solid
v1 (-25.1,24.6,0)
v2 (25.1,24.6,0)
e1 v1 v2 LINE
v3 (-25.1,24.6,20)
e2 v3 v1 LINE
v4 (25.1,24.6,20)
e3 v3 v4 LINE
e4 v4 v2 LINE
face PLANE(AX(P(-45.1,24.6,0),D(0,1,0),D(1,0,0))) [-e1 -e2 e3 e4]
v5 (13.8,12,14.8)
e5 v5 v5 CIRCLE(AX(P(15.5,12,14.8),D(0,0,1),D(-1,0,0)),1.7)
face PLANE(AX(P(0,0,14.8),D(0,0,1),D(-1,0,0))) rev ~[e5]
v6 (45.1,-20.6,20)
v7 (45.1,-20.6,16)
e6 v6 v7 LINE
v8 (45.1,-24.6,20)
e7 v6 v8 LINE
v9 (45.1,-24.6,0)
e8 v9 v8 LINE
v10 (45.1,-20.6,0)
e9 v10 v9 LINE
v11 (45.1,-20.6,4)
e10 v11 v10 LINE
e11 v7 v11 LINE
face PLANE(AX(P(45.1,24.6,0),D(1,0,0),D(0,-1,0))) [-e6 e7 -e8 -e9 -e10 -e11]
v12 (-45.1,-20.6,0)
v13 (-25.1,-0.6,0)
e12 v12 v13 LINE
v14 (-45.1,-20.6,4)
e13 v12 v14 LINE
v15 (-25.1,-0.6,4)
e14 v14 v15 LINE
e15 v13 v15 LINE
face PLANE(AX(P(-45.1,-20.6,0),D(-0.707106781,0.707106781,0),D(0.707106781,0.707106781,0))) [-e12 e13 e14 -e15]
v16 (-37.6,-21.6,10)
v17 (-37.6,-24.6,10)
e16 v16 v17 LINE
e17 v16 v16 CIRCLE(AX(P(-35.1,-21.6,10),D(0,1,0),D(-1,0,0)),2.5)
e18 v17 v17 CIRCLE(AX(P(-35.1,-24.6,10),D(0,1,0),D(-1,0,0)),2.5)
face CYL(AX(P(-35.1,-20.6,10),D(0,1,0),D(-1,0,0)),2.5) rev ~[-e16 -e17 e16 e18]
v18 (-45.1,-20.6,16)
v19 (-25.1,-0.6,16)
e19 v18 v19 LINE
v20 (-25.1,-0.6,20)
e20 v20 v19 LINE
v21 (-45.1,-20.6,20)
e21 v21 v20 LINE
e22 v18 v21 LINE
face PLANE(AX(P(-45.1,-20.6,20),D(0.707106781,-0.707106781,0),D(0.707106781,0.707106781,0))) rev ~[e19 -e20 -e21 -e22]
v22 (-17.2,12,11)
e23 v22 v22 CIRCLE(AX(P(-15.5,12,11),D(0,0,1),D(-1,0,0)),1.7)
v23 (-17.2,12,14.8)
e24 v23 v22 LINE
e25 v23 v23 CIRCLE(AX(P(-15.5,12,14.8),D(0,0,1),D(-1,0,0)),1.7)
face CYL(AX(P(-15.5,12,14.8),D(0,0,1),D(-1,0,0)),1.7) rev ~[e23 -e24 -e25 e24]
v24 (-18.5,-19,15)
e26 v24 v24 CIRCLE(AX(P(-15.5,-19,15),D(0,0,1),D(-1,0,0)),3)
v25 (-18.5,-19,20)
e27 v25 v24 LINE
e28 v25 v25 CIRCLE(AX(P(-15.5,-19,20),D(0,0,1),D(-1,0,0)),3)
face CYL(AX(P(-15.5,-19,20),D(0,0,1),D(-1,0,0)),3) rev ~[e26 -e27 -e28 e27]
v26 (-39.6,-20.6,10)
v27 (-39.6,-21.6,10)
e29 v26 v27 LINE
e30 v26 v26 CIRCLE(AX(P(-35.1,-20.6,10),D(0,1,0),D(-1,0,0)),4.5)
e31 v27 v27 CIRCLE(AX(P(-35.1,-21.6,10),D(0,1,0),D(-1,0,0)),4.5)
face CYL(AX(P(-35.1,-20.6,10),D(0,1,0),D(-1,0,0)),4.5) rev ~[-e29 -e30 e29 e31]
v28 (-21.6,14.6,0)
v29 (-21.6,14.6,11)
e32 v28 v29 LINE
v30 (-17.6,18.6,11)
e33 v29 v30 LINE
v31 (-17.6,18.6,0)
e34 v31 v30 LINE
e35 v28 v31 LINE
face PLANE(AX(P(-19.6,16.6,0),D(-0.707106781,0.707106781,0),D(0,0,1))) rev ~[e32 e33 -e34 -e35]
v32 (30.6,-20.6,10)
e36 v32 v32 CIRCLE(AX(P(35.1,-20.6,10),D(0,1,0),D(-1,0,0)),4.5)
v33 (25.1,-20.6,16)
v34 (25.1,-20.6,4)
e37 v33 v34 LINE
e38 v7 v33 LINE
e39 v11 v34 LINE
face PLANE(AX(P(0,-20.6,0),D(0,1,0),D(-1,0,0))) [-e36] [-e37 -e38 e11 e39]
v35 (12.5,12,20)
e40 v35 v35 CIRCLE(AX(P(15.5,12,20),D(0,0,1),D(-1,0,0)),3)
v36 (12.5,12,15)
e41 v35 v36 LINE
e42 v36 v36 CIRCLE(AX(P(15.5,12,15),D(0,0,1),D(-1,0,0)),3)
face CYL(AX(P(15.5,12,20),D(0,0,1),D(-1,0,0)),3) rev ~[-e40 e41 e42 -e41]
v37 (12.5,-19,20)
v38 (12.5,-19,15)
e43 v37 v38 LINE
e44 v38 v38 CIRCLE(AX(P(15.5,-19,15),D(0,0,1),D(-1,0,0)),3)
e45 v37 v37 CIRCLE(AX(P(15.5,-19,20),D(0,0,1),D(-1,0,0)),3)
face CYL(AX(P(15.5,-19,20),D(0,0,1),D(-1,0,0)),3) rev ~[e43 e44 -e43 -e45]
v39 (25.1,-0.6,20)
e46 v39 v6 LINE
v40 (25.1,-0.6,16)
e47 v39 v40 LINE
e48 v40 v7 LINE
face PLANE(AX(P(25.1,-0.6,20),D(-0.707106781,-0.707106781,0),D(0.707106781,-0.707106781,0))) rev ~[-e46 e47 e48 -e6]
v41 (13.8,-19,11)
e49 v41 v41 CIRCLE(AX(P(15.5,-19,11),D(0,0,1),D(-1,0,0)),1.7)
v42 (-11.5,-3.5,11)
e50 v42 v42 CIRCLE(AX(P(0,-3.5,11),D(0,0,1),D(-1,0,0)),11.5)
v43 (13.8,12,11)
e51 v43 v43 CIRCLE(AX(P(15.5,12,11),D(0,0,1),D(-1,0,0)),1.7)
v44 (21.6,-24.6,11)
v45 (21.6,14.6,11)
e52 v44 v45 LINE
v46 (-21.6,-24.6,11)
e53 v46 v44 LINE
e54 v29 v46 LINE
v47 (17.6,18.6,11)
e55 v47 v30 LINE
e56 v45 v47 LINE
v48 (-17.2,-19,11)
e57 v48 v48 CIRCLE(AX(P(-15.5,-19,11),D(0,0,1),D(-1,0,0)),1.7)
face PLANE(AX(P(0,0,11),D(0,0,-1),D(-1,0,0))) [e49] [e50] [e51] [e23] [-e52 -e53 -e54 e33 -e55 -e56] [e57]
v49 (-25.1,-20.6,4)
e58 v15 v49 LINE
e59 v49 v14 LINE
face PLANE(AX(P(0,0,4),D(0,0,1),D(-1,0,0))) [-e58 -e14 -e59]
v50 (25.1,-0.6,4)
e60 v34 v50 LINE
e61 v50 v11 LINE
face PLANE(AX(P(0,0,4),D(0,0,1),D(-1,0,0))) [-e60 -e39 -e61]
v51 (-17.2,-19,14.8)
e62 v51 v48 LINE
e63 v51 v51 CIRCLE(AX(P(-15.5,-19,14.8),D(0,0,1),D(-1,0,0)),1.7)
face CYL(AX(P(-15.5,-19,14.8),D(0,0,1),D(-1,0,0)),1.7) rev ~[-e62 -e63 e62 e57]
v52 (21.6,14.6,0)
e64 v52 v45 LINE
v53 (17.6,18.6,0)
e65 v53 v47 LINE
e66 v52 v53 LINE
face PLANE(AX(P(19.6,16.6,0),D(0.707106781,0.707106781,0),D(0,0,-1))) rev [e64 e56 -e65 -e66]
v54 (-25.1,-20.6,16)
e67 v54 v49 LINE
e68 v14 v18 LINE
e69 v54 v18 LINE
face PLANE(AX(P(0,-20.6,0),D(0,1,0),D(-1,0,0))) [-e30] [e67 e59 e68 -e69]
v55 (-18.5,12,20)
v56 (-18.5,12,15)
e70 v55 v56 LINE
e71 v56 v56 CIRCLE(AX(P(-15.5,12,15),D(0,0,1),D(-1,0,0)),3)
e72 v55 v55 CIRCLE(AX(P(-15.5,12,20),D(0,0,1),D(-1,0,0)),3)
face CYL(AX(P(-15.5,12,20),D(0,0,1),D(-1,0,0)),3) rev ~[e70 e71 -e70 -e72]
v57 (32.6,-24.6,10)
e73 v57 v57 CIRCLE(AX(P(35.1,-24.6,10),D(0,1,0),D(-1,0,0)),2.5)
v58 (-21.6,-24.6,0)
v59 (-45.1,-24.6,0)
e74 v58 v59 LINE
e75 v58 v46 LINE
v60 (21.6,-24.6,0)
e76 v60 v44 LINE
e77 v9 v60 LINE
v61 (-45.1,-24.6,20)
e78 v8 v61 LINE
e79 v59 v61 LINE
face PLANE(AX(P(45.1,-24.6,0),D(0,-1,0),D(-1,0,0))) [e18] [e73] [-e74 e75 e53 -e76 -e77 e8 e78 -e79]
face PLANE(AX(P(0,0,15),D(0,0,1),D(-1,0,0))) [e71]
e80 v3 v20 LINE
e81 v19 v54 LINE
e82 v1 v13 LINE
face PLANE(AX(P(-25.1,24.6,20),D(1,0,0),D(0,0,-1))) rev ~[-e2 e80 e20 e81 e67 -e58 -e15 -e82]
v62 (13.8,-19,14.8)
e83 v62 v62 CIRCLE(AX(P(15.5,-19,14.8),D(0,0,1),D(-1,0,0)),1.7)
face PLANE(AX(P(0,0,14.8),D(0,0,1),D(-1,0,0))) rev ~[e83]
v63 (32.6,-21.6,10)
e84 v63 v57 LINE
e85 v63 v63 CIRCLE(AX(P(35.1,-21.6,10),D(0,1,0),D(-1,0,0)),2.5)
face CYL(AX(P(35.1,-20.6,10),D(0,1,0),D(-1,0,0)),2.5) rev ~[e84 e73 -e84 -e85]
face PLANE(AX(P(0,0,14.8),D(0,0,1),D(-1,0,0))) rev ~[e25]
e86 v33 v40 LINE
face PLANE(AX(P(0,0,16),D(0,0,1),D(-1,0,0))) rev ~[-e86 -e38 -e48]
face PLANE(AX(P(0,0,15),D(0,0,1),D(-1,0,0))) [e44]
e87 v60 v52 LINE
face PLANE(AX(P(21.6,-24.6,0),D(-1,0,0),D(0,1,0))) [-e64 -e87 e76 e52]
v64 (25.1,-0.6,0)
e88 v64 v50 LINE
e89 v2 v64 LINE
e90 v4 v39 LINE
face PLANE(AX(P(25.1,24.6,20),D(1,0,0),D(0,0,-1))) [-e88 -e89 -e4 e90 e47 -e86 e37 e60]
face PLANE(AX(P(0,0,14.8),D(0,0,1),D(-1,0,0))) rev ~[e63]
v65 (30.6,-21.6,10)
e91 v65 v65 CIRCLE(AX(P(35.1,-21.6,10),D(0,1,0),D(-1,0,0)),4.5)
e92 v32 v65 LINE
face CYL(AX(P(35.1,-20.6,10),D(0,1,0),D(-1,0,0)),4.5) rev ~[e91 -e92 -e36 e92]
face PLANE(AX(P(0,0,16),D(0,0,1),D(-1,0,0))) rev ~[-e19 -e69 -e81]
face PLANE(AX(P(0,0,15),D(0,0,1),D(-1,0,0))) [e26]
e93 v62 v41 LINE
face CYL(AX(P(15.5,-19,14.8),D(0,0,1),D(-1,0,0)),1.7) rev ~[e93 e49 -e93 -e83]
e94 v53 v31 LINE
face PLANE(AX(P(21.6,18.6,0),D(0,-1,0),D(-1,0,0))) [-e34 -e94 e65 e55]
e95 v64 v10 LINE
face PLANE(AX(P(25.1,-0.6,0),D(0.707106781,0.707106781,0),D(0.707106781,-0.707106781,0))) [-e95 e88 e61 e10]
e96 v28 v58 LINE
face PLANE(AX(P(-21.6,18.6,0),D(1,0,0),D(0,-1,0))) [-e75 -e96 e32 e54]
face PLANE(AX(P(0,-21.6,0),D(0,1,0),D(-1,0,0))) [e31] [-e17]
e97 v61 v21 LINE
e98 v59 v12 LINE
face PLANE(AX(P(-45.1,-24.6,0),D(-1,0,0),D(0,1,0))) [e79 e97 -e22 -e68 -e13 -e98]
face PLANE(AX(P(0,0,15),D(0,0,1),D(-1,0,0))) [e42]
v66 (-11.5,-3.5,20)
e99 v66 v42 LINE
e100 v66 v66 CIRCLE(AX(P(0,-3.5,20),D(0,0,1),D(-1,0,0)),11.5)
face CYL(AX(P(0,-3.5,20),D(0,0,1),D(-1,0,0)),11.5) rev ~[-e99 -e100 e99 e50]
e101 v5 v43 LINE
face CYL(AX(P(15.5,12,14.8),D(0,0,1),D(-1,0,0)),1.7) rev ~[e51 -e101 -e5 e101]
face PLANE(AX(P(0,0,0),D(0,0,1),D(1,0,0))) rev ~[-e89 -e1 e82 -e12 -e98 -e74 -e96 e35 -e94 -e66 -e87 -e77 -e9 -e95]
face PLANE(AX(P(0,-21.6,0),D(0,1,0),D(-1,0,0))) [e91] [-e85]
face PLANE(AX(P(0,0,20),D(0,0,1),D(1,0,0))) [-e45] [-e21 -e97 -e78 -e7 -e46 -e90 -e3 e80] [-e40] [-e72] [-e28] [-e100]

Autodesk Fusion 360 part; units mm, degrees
sketch "Sketch1" plane through (0, 0, 0) normal (0, 0, 1) x (1, 0, 0)
  line L0 (45.1, -24.6) -> (-45.1, -24.6)
  line L1 (-45.1, -24.6) -> (-45.1, 24.6)
  line L2 (-45.1, 24.6) -> (45.1, 24.6)
  line L3 (45.1, 24.6) -> (45.1, -24.6)
  line L4 (45.1, -24.6) -> (-45.1, 24.6) construction
  line L5 (-45.1, -24.6) -> (45.1, 24.6) construction
  dimension "d1" = 90.2
  dimension "d2" = 49.2
extrude "Extrude1" add sketch "Sketch1" along normal blind 20
sketch "Sketch2" plane through (0, 0, 0) normal (0, 0, -1) x (-1, 0, 0)
  line L0 (40.1, -22.1) -> (40.1, 22.1)
  line L1 (40.1, 22.1) -> (-40.1, 22.1)
  line L2 (-40.1, 22.1) -> (-40.1, -22.1)
  line L3 (21.6, -24.6) -> (-21.6, -24.6)
  line L4 (-21.6, -24.6) -> (-21.6, 18.6)
  line L5 (-21.6, 18.6) -> (21.6, 18.6)
  line L6 (21.6, 18.6) -> (21.6, -24.6)
  line L7 (45.1, 24.6) -> (-45.1, 24.6)
  line L8 (-45.1, 24.6) -> (-45.1, -24.6)
  line L9 (-45.1, -24.6) -> (45.1, -24.6)
  line L10 (45.1, -24.6) -> (45.1, 24.6)
  dimension "d5" = 43.2
  dimension "d6" = 43.2
  dimension "d73" = 21.6
extrude "Extrude2" cut sketch "Sketch2" against normal blind 11 contours L3 L4 L5 L6 L9
sketch "Sketch3" plane through (0, 24.6, 0) normal (0, 1, 0) x (-1, 0, 0)
  line L0 (-45.1, 0) -> (45.1, 0)
  line L1 (45.1, 0) -> (45.1, 20)
  line L2 (45.1, 20) -> (-45.1, 20)
  line L3 (-45.1, 20) -> (-45.1, 0)
  line L4 (-45.1, 20) -> (-25.1, 20)
  line L5 (-25.1, 20) -> (-25.1, 0)
  line L6 (-25.1, 0) -> (-45.1, 0)
  line L7 (-45.1, 0) -> (-45.1, 20)
  line L8 (45.1, 20) -> (25.1, 20)
  line L9 (25.1, 20) -> (25.1, 0)
  line L10 (25.1, 0) -> (45.1, 0)
  line L11 (45.1, 0) -> (45.1, 20)
  dimension "d9" = 20
  dimension "d10" = 20
extrude "Extrude3" cut sketch "Sketch3" against normal blind 45.2 contours L0 L2 L3 L4 L5 L6 L7 | L0 L1 L2 L8 L9 L10 L11
sketch "Sketch4" plane through (0, 0, 20) normal (0, 0, 1) x (-1, 0, 0)
  line L0 (25.1, -24.6) -> (25.1, 20.6)
  line L1 (25.1, 20.6) -> (45.1, 20.6)
  line L2 (45.1, 20.6) -> (45.1, 24.6)
  line L3 (45.1, 24.6) -> (-45.1, 24.6)
  line L4 (-45.1, 24.6) -> (-45.1, 20.6)
  line L5 (-45.1, 20.6) -> (-25.1, 20.6)
  line L6 (-25.1, 20.6) -> (-25.1, -24.6)
  line L7 (-25.1, -24.6) -> (25.1, -24.6)
  line L8 (25.1, 19) -> (-25.1, 19) construction
  line L9 (25.1, -12) -> (-25.1, -12) construction
  line L10 (15.5, -24.6) -> (15.5, 19) construction
  line L11 (-15.5, -24.6) -> (-15.5, 19) construction
  line L12 (15.5, -12) -> (15.5, -15) construction
  line L13 (15.5, -12) -> (15.5, -15) construction
  line L14 (0, -24.6) -> (0, 24.6) construction
  line L15 (-25.1, 3.5) -> (25.1, 3.5) construction
  circle A0 centre (15.5, -12) radius 1.7
  circle A1 centre (15.5, -12) radius 3
  circle A2 centre (-15.5, -12) radius 1.7
  circle A3 centre (-15.5, -12) radius 3
  circle A4 centre (-15.5, 19) radius 3
  circle A5 centre (-15.5, 19) radius 1.7
  circle A6 centre (15.5, 19) radius 3
  circle A7 centre (15.5, 19) radius 1.7
  dimension "d59" = 9.6
  dimension "d60" = 9.6
  dimension "d68" = 3.4
  dimension "d69" = 6
  dimension "d70" = 31
  dimension "d71" = 15.5
extrude "Extrude5" cut sketch "Sketch4" against normal blind 5 contours A0 | A1 | A2 | A3 | A4 | A5 | A6 | A7
extrude "Extrude4" cut sketch "Sketch4" against normal blind 9 from surface at -5.2 contours A0 | A2 | A5 | A7
sketch "Sketch5" plane through (0, -20.6, 0) normal (0, 1, 0) x (-1, 0, 0)
  line L0 (-45.1, 20) -> (-45.1, 0)
  line L1 (-45.1, 0) -> (-25.1, 0)
  line L2 (-25.1, 0) -> (-25.1, 20)
  line L3 (-25.1, 20) -> (-45.1, 0) construction
  line L4 (-45.1, 20) -> (-25.1, 0) construction
  circle A0 centre (-35.1, 10) radius 2.5
  circle A1 centre (-35.1, 10) radius 4.5
  line L5 (-25.1, 20) -> (-45.1, 20)
  dimension "d33" = 5
  dimension "d34" = 9
extrude "Extrude8" cut sketch "Sketch5" against normal blind 1 contours A0 | A1
extrude "Extrude7" cut sketch "Sketch5" against normal blind 4 contours A0
sketch "Sketch6" plane through (0, -20.6, 0) normal (0, 1, 0) x (-1, 0, 0)
  line L0 (45.1, 0) -> (45.1, 20)
  line L1 (25.1, 20) -> (25.1, 0)
  line L2 (25.1, 0) -> (45.1, 0)
  line L3 (25.1, 0) -> (45.1, 20) construction
  line L4 (25.1, 20) -> (45.1, 0) construction
  circle A0 centre (35.1, 10) radius 2.5
  circle A1 centre (35.1, 10) radius 4.5
  line L5 (45.1, 20) -> (25.1, 20)
  dimension "d39" = 5
  dimension "d40" = 9
extrude "Extrude10" cut sketch "Sketch6" against normal blind 1 contours A0 | A1
extrude "Extrude9" cut sketch "Sketch6" against normal blind 4 contours A0
sketch "Sketch7" plane through (0, 0, 20) normal (0, 0, 1) x (-1, 0, 0)
  line L0 (25.1, -24.6) -> (25.1, 20.6)
  line L1 (25.1, 20.6) -> (45.1, 20.6)
  line L2 (45.1, 20.6) -> (45.1, 24.6)
  line L3 (45.1, 24.6) -> (-45.1, 24.6)
  line L4 (-45.1, 24.6) -> (-45.1, 20.6)
  line L5 (-45.1, 20.6) -> (-25.1, 20.6)
  line L6 (-25.1, 20.6) -> (-25.1, -24.6)
  line L7 (-25.1, -24.6) -> (25.1, -24.6)
  line L8 (-25.1, 0.6) -> (25.1, 0.6) construction
  line L9 (45.1, 24.6) -> (-45.1, 24.6) construction
  line L10 (45.1, 20.6) -> (25.1, 0.6)
  line L11 (-25.1, 0.6) -> (-45.1, 20.6)
  line L12 (15.5, -12) -> (-15.5, 19) construction
  line L13 (15.5, 19) -> (-15.5, -12) construction
  line L14 (25.1, 2) -> (-25.1, 2) construction
  line L15 (-25.1, 0.5) -> (25.1, 0.5) construction
  line L16 (25.1, 3.5) -> (-25.1, 3.5) construction
  line L17 (0, 3.5) -> (0, 3.5473) construction
  circle A0 centre (15.5, -12) radius 3
  circle A1 centre (-15.5, 19) radius 3
  circle A2 centre (15.5, 19) radius 3
  circle A3 centre (-15.5, -12) radius 3
  circle A4 centre (0, 3.5) radius 11.5
  dimension "d50" = 24
  dimension "d64" = 22.6
  dimension "d65" = 1.5
  dimension "d66" = 1.5
  dimension "d74" = 23
extrude "Extrude13" cut sketch "Sketch7" against normal blind 9 contours A4
extrude "Extrude11" add sketch "Sketch7" against normal blind 4 contours L0 L1 L10 | L5 L6 L11
extrude "Extrude12" add sketch "Sketch7" along normal blind 4 from surface at -20 contours L0 L1 L10 | L5 L6 L11
chamfer "Chamfer1" distance 4 angle 45 2 edges at (21.6, 18.6, 5.5) (-21.6, 18.6, 5.5)
equation "d71 = d70 / 2"
equation "d73 = d5 / 2"
